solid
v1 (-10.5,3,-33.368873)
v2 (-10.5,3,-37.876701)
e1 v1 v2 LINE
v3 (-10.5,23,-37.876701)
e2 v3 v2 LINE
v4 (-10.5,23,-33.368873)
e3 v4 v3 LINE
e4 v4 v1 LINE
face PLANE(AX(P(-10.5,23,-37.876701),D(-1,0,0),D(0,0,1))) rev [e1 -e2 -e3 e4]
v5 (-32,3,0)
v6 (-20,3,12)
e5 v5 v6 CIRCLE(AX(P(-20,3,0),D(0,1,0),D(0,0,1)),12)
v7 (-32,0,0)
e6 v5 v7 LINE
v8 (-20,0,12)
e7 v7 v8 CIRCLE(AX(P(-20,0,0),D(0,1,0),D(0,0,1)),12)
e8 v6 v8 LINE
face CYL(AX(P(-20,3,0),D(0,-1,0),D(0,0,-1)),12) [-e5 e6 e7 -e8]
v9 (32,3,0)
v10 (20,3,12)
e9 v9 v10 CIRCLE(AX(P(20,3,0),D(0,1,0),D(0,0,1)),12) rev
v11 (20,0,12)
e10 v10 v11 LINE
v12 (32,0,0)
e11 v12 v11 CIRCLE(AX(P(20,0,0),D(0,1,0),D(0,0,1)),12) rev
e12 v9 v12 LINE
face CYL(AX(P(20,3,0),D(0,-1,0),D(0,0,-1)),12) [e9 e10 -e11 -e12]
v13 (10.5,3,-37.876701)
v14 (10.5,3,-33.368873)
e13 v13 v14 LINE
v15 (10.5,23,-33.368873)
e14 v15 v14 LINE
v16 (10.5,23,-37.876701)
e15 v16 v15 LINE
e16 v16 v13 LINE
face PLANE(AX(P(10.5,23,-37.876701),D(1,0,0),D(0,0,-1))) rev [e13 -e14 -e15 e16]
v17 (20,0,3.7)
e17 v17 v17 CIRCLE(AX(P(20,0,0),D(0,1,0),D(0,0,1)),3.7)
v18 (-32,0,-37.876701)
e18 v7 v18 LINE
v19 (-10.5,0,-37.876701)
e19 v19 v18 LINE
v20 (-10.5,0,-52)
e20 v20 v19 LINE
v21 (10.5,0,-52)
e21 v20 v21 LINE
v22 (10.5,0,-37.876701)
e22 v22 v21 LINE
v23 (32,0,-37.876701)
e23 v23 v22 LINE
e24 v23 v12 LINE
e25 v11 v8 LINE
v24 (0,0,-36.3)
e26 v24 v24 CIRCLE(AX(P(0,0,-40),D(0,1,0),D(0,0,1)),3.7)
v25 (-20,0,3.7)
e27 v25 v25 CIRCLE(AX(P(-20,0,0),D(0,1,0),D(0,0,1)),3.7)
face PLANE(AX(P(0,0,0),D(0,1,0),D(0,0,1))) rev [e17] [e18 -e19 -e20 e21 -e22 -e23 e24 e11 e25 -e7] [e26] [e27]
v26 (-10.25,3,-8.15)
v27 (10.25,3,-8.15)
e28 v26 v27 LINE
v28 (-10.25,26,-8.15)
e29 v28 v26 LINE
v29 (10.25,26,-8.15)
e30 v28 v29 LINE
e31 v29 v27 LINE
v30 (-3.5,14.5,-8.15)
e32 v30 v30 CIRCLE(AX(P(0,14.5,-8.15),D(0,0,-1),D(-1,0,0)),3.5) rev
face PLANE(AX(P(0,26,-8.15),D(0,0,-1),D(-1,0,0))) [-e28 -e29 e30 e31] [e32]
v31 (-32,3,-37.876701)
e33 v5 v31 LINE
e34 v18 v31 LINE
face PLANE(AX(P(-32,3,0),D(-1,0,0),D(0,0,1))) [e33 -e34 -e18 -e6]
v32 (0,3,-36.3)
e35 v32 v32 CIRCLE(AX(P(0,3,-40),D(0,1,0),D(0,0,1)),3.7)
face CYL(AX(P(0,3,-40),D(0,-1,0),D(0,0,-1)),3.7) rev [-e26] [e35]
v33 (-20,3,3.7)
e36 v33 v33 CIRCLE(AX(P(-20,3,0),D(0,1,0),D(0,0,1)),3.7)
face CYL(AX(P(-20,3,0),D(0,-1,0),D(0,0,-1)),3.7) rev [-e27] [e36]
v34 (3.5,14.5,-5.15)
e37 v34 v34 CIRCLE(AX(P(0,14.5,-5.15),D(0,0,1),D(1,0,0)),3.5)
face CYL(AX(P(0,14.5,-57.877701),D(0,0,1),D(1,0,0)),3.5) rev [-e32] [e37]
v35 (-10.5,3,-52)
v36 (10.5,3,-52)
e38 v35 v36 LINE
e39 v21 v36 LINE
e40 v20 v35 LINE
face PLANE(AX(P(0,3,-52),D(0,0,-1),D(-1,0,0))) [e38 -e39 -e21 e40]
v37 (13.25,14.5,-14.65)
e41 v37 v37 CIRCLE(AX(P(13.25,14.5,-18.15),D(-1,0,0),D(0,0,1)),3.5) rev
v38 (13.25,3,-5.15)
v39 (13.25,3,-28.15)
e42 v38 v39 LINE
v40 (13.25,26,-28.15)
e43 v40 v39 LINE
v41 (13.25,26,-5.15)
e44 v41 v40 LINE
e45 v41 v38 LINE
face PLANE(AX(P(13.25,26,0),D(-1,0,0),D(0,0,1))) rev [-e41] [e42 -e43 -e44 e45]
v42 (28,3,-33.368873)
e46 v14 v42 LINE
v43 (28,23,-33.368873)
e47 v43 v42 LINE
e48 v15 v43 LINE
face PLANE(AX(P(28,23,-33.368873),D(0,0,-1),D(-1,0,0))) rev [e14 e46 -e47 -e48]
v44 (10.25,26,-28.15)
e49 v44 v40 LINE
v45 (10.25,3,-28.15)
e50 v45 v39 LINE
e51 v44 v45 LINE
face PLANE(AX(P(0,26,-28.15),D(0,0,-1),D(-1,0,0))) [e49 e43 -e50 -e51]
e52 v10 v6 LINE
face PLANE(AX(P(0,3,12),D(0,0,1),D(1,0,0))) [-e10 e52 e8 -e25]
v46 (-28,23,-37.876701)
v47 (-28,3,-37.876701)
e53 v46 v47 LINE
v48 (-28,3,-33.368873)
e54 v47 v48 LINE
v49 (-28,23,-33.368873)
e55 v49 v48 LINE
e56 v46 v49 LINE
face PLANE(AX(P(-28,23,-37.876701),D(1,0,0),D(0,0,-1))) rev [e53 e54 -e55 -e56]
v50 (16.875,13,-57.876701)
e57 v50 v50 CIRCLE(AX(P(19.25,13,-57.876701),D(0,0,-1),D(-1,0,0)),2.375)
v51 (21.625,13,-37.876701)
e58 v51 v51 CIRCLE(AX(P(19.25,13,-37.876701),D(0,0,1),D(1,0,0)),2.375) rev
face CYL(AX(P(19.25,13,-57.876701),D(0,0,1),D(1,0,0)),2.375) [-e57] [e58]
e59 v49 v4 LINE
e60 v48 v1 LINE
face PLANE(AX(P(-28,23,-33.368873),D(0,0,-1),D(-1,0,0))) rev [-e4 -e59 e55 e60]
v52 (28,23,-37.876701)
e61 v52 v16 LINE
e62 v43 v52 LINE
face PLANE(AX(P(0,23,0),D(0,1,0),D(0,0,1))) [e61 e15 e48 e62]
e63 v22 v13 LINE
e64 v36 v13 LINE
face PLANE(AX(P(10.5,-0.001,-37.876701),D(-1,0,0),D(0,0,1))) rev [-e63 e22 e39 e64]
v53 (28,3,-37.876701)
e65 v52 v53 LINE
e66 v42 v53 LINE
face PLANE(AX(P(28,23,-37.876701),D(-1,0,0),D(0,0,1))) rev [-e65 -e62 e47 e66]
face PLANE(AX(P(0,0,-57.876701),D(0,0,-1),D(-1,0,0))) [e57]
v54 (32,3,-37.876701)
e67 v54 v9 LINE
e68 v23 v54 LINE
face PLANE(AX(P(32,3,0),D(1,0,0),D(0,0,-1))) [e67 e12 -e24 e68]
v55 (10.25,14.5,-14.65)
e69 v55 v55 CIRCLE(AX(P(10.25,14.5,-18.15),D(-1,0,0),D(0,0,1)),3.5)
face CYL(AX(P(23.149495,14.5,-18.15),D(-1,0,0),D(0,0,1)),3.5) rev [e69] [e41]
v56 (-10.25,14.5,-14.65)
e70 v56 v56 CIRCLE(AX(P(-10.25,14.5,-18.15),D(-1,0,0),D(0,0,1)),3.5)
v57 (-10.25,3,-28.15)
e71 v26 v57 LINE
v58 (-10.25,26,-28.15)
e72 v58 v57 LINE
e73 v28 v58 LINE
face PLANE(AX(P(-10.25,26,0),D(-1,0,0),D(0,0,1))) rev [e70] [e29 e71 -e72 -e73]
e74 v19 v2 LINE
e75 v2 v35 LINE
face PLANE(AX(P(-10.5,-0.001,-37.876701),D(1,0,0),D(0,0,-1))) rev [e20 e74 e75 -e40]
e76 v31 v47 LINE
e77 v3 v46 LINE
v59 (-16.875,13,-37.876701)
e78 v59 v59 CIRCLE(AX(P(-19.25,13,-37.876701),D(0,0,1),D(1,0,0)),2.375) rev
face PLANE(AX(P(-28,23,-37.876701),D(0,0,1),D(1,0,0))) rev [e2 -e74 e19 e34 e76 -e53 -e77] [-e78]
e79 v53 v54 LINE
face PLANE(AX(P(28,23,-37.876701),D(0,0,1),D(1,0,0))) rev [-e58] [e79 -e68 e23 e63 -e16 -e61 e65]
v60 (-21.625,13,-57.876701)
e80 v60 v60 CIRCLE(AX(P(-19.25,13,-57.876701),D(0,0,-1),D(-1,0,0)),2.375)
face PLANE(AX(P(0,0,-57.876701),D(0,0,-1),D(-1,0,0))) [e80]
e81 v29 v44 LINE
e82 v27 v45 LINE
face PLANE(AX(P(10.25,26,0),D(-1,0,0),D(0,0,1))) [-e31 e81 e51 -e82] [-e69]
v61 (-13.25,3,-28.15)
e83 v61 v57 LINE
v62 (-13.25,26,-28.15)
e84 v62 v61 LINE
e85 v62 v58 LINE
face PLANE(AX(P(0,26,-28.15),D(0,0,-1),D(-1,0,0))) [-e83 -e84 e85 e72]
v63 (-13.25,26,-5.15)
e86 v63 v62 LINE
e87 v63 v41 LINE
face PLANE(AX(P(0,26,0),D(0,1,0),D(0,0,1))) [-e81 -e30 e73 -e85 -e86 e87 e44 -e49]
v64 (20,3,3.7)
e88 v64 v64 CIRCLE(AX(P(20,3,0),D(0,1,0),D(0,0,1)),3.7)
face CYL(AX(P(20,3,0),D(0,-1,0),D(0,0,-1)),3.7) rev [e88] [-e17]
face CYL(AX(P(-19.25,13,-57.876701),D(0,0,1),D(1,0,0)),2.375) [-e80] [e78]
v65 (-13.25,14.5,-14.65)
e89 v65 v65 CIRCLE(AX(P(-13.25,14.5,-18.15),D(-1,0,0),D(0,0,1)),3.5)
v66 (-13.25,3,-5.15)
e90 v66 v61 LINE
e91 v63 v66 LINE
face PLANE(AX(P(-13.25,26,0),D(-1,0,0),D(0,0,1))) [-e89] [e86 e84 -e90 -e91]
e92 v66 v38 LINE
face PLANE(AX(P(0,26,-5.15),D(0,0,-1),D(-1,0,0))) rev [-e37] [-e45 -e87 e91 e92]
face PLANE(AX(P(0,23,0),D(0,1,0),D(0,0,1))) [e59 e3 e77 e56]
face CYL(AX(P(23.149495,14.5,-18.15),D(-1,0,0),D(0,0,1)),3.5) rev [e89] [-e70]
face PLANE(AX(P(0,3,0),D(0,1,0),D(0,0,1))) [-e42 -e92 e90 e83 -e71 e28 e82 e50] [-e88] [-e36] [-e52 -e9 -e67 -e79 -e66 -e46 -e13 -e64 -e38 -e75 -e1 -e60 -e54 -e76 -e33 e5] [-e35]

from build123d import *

# Parameters (mm, degrees)
SKETCH1_R           = 3.7
BOSS_EXTRUDE1_DEPTH = 3
SKETCH2_W           = 17.5
SKETCH2_H           = 4.507827608
BOSS_EXTRUDE2_DEPTH = 20
SKETCH3_R           = 2.375
BOSS_EXTRUDE3_DEPTH = 20
CUT_EXTRUDE1_REACH  = 71.092
SKETCH6_W           = 3
SKETCH6_H           = 20
BOSS_EXTRUDE4_DEPTH = 23
CUT_EXTRUDE2_REACH  = 79.931
SKETCH7_R           = 3.5
CUT_EXTRUDE3_REACH  = 68.934
SKETCH8_R           = 3.5


with BuildPart() as part:
    # Sketch1 → Boss-Extrude1 (new body)
    with BuildSketch(Plane(origin=(0, 0, 0), x_dir=(1, 0, 0), z_dir=(0, 1, 0))):
        with BuildLine():
            Line((-32, 0), (-32, 40))
            ThreePointArc((-32, 40), (-28.485281374, 48.485281374), (-20, 52))
            Line((-20, 52), (20, 52))
            ThreePointArc((20, 52), (28.485281374, 48.485281374), (32, 40))
            Line((32, 40), (32, 0))
            ThreePointArc((32, 0), (28.485281374, -8.485281374), (20, -12))
            Line((20, -12), (-20, -12))
            ThreePointArc((-20, -12), (-28.485281374, -8.485281374), (-32, 0))
        make_face()
        with Locations(Location((20, 0, 0), (0, 0, 270))):
            Circle(SKETCH1_R, mode=Mode.SUBTRACT)
        with Locations(Location((-20, 0, 0), (0, 0, 270))):
            Circle(SKETCH1_R, mode=Mode.SUBTRACT)
        with Locations(Location((0, 40, 0), (0, 0, 270))):
            Circle(SKETCH1_R, mode=Mode.SUBTRACT)
    extrude(amount=BOSS_EXTRUDE1_DEPTH)

    # Sketch2 → Boss-Extrude2 (add)
    with BuildSketch(Plane(origin=(0, 3, 0), x_dir=(1, 0, 0), z_dir=(0, 1, 0))):
        with Locations((19.25, 35.622787036)):
            Rectangle(SKETCH2_W, SKETCH2_H)
        with Locations((-19.25, 35.622787036)):
            Rectangle(SKETCH2_W, SKETCH2_H)
    extrude(amount=BOSS_EXTRUDE2_DEPTH)

    # Sketch3 → Boss-Extrude3 (add)
    with BuildSketch(Plane(origin=(0, 0, -37.87670084), x_dir=(-1, 0, 0), z_dir=(0, 0, -1))):
        with Locations(Location((-19.25, 13, 0), (0, 0, 180))):
            Circle(SKETCH3_R)
        with Locations(Location((19.25, 13, 0), (0, 0, 180))):
            Circle(SKETCH3_R)
    extrude(amount=BOSS_EXTRUDE3_DEPTH)

    # Sketch5 → Cut-Extrude1 (cut, up to next)
    with BuildSketch(Plane(origin=(0, 3, 0), x_dir=(1, 0, 0), z_dir=(0, 1, 0)), mode=Mode.PRIVATE) as cut_extrude1_sk1:
        with BuildLine():
            Line((-32, 37.87670084), (-10.5, 37.87670084))
            Line((-10.5, 37.87670084), (-10.5, 52))
            Line((-10.5, 52), (-20, 52))
            ThreePointArc((-20, 52), (-28.485281374, 48.485281374), (-32, 40))
            Line((-32, 40), (-32, 37.87670084))
        make_face()
    cut_extrude1_tool1 = extrude(cut_extrude1_sk1.sketch, amount=-CUT_EXTRUDE1_REACH, mode=Mode.PRIVATE) & part.part
    # Sketch5 → Cut-Extrude1 (cut, up to next)
    with BuildSketch(Plane(origin=(0, 3, 0), x_dir=(1, 0, 0), z_dir=(0, 1, 0)), mode=Mode.PRIVATE) as cut_extrude1_sk2:
        with BuildLine():
            Line((32, 37.87670084), (10.5, 37.87670084))
            Line((10.5, 37.87670084), (10.5, 52))
            Line((10.5, 52), (20, 52))
            ThreePointArc((20, 52), (28.485281374, 48.485281374), (32, 40))
            Line((32, 40), (32, 37.87670084))
        make_face()
    cut_extrude1_tool2 = extrude(cut_extrude1_sk2.sketch, amount=-CUT_EXTRUDE1_REACH, mode=Mode.PRIVATE) & part.part
    add(cut_extrude1_tool1.solids().sort_by_distance((-20.335708, 3, -44.441952))[0], mode=Mode.SUBTRACT)
    add(cut_extrude1_tool2.solids().sort_by_distance((20.335708, 3, -44.441952))[0], mode=Mode.SUBTRACT)

    # Sketch6 → Boss-Extrude4 (add)
    with BuildSketch(Plane(origin=(0, 3, 0), x_dir=(1, 0, 0), z_dir=(0, 1, 0))):
        with Locations((-11.75, 18.15)):
            Rectangle(SKETCH6_W, SKETCH6_H)
        Polygon((13.25, 8.15), (10.25, 8.15), (-10.25, 8.15), (-13.25, 8.15), (-13.25, 5.15), (13.25, 5.15), align=None)
        with Locations((11.75, 18.15)):
            Rectangle(SKETCH6_W, SKETCH6_H)
    extrude(amount=BOSS_EXTRUDE4_DEPTH)

    # Cut-Extrude2: up to this face of the body (flat: up to its plane)
    cut_extrude2_end = Plane(part.part.faces().sort_by_distance((13.25, 14.5, -16.65))[0])
    # Sketch7 → Cut-Extrude2 (cut, up to the picked face)
    with BuildSketch(Plane.ZY.offset(13.25), mode=Mode.PRIVATE) as cut_extrude2_sk1:
        with Locations((-18.15, 14.5)):
            Circle(SKETCH7_R)
    cut_extrude2_tool1 = split(extrude(cut_extrude2_sk1.sketch, amount=-CUT_EXTRUDE2_REACH, mode=Mode.PRIVATE), bisect_by=cut_extrude2_end, keep=Keep.BOTH, mode=Mode.PRIVATE)
    add(cut_extrude2_tool1.solids().sort_by(Axis((-13.25, 14.5, -18.15), (1, 0, 0)))[0], mode=Mode.SUBTRACT)

    # Sketch8 → Cut-Extrude3 (cut, up to next)
    with BuildSketch(Plane.XY.offset(-5.15), mode=Mode.PRIVATE) as cut_extrude3_sk1:
        with Locations((0, 14.5)):
            Circle(SKETCH8_R)
    cut_extrude3_tool1 = extrude(cut_extrude3_sk1.sketch, amount=-CUT_EXTRUDE3_REACH, mode=Mode.PRIVATE) & part.part
    add(cut_extrude3_tool1.solids().sort_by_distance((0, 14.5, -5.15))[0], mode=Mode.SUBTRACT)


solid = part.part
